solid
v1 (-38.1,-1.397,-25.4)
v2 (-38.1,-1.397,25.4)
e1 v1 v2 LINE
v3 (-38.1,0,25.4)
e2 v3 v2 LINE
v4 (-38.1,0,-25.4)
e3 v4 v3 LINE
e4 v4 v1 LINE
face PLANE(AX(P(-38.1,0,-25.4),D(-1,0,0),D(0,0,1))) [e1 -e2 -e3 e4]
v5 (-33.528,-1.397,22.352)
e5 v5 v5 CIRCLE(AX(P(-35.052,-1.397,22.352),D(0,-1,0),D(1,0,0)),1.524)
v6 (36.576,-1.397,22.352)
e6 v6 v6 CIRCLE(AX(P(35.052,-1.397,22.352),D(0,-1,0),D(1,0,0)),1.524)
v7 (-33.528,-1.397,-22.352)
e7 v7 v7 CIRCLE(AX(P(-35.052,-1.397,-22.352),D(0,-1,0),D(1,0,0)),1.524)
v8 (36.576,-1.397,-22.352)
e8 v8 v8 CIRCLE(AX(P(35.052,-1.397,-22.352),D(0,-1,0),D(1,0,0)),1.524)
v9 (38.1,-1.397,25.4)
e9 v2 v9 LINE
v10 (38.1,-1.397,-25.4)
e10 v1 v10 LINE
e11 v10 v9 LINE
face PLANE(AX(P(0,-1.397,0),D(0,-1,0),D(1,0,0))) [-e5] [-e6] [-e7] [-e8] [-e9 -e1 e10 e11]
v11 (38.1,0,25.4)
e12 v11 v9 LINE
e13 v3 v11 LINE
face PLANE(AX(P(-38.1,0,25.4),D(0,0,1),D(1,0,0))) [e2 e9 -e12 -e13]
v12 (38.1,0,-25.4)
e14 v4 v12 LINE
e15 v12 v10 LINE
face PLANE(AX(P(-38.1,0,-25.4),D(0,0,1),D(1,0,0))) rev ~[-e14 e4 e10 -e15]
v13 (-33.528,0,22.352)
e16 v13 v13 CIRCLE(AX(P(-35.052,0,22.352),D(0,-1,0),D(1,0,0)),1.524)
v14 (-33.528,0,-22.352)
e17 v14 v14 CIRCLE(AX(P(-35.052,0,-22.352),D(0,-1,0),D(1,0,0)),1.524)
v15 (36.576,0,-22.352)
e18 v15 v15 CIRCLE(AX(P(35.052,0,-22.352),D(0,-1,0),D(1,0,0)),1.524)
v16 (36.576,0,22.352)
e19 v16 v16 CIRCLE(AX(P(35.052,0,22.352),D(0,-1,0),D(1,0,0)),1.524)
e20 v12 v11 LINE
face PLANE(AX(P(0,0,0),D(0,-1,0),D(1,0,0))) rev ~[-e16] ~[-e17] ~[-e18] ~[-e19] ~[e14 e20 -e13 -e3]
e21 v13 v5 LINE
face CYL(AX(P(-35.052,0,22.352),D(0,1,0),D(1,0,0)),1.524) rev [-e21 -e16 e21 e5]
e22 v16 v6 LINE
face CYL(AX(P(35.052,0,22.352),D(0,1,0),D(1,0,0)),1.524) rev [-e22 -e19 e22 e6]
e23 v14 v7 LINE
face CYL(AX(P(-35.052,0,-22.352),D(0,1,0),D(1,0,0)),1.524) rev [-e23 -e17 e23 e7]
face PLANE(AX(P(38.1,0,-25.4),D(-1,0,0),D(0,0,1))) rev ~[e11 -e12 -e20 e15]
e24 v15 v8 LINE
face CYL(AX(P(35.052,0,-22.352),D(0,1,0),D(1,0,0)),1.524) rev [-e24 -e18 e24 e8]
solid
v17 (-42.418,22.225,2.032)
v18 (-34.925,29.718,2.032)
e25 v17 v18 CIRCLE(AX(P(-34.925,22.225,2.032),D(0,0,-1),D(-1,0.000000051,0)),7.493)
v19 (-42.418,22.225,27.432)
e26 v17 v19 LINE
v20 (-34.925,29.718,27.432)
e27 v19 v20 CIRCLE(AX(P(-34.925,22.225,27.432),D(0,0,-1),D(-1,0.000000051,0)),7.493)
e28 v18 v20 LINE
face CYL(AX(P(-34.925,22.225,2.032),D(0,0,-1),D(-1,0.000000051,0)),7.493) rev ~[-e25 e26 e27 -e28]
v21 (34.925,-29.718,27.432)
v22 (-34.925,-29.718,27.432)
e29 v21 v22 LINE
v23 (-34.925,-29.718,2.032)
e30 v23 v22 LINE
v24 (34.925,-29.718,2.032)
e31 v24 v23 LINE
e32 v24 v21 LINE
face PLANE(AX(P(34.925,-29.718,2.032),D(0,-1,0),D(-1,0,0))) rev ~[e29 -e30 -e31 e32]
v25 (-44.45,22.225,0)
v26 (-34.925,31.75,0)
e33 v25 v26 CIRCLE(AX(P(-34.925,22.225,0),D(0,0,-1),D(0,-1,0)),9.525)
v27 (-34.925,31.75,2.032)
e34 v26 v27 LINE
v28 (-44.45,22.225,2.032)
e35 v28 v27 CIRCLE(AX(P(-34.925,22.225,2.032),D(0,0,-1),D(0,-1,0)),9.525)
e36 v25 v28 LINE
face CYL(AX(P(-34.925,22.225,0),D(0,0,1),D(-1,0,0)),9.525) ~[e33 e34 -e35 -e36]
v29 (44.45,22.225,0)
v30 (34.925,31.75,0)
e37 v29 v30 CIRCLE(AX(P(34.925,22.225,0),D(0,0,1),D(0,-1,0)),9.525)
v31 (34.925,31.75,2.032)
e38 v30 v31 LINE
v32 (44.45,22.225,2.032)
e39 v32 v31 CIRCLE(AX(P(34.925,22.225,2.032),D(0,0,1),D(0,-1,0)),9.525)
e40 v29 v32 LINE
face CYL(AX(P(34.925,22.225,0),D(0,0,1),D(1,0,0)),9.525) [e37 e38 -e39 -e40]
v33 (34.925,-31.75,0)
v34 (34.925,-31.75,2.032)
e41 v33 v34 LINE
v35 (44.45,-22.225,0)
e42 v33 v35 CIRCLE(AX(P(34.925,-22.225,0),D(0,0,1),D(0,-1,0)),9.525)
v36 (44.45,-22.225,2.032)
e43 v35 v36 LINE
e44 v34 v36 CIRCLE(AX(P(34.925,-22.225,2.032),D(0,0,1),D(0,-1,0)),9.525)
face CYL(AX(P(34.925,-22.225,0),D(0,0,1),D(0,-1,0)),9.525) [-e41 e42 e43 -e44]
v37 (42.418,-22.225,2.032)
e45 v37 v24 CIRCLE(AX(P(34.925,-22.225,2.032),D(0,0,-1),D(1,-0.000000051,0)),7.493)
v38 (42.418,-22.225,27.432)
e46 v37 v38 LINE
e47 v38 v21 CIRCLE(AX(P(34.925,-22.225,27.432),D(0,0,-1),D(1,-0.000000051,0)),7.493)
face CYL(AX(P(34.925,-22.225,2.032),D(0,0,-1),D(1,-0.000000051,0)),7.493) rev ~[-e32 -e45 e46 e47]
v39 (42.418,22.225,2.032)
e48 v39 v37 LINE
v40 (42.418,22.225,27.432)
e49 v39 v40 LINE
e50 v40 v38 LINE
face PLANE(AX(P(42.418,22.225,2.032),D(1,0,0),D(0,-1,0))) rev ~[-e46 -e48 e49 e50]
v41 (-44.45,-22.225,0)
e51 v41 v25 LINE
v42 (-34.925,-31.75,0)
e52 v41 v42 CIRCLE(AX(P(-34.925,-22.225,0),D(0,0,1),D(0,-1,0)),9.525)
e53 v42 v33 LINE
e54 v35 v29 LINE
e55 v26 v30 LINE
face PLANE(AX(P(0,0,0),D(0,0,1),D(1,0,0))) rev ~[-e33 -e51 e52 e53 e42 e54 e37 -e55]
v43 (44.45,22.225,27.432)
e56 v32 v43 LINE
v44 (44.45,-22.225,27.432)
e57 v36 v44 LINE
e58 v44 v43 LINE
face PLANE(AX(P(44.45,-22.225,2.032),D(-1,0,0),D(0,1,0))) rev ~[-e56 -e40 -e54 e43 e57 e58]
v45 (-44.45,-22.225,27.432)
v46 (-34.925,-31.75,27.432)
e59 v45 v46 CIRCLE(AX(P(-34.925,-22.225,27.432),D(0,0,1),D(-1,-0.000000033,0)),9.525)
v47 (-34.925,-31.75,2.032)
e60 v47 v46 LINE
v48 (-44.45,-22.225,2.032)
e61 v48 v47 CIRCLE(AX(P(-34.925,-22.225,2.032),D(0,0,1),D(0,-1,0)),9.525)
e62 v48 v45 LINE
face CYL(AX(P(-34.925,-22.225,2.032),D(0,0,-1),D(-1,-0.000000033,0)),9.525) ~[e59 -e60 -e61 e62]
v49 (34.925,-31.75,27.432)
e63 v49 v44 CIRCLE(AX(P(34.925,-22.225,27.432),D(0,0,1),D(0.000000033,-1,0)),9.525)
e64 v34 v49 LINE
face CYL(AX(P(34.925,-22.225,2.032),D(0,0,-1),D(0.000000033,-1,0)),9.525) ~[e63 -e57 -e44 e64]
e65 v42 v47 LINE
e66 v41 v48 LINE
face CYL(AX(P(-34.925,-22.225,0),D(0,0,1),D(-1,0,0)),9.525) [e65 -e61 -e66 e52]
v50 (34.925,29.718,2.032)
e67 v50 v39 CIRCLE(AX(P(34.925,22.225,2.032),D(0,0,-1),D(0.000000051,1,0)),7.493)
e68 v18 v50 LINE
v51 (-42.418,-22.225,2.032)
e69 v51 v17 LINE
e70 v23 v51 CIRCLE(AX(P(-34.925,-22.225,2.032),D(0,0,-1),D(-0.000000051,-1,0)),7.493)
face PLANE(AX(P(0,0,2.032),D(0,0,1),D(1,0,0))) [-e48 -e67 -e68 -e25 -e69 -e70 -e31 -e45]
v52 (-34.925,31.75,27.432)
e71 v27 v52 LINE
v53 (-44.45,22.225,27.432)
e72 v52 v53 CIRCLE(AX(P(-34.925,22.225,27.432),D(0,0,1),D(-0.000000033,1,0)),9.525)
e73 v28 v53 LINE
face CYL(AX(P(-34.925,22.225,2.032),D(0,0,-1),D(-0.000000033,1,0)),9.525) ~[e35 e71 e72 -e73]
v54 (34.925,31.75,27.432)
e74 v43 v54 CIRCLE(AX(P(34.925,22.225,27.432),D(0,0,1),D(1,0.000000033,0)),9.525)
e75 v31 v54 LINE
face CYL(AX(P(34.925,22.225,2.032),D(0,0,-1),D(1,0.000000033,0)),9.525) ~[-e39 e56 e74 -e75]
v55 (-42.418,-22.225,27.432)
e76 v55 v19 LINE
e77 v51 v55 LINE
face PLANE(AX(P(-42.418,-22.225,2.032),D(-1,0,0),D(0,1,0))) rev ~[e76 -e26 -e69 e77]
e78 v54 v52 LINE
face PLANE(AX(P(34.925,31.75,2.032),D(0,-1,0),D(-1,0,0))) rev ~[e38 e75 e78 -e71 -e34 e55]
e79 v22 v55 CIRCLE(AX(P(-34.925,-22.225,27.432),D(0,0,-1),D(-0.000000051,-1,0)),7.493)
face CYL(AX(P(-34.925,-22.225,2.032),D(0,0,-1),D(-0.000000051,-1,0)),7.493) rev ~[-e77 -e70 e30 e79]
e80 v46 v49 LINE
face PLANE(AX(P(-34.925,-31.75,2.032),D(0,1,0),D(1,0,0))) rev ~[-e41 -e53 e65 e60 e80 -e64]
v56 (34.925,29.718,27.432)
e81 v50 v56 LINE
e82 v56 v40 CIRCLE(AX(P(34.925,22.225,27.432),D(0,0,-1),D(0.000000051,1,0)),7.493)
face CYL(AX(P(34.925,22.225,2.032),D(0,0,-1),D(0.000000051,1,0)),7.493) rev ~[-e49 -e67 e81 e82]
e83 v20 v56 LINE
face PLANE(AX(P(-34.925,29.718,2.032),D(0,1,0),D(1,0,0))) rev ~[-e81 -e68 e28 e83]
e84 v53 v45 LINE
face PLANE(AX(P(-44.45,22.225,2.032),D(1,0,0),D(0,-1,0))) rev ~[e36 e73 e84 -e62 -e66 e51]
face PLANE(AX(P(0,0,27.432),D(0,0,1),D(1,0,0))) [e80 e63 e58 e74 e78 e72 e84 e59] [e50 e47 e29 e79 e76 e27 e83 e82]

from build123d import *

# Parameters (mm, degrees)
F0_W     = 76.2
F0_H     = 50.8
F0_R     = 1.524
F1_DEPTH = 1.397
F2_W     = 88.9
F2_H     = 63.5
F3_DEPTH = 2.032
F4_R     = 9.525
F6_DEPTH = 25.4


with BuildPart() as f1:
    # F0 (on Front) → F1 (new body)
    with BuildSketch(Plane.XZ):
        Rectangle(F0_W, F0_H)
        with Locations((-35.052, -22.352)):
            Circle(F0_R, mode=Mode.SUBTRACT)
        with Locations((35.052, -22.352)):
            Circle(F0_R, mode=Mode.SUBTRACT)
        with Locations((-35.052, 22.352)):
            Circle(F0_R, mode=Mode.SUBTRACT)
        with Locations((35.052, 22.352)):
            Circle(F0_R, mode=Mode.SUBTRACT)
    extrude(amount=F1_DEPTH)


with BuildPart() as f3:
    # F2 (on Top) → F3 (new body)
    with BuildSketch(Plane.XY):
        Rectangle(F2_W, F2_H)
    extrude(amount=F3_DEPTH)

    # F4
    f4_edges = [f3.edges().sort_by_distance(p)[0] for p in [
        (-44.45, -31.75, 1.016),
        (44.45, -31.75, 1.016),
        (-44.45, 31.75, 1.016),
        (44.45, 31.75, 1.016),
    ]]
    fillet(f4_edges, radius=F4_R)

    # F5 (on face) → F6 (join)
    with BuildSketch(Plane.XY.offset(2.032)):
        with BuildLine():
            Line((34.925, 31.75), (-34.925, 31.75))
            ThreePointArc((-34.925, 31.75), (-41.660192, 28.960192), (-44.45, 22.225))
            Line((-44.45, 22.225), (-44.45, -22.225))
            ThreePointArc((-44.45, -22.225), (-41.660192, -28.960192), (-34.925, -31.75))
            Line((-34.925, -31.75), (34.925, -31.75))
            ThreePointArc((34.925, -31.75), (41.660192, -28.960192), (44.45, -22.225))
            Line((44.45, -22.225), (44.45, 22.225))
            ThreePointArc((44.45, 22.225), (41.660192, 28.960192), (34.925, 31.75))
        make_face()
        with BuildLine():
            ThreePointArc((-42.418, 22.225), (-40.223351, 27.523351), (-34.925, 29.718))
            Line((-34.925, 29.718), (34.925, 29.718))
            ThreePointArc((34.925, 29.718), (40.223351, 27.523351), (42.418, 22.225))
            Line((42.418, 22.225), (42.418, -22.225))
            ThreePointArc((42.418, -22.225), (40.223351, -27.523351), (34.925, -29.718))
            Line((34.925, -29.718), (-34.925, -29.718))
            ThreePointArc((-34.925, -29.718), (-40.223351, -27.523351), (-42.418, -22.225))
            Line((-42.418, -22.225), (-42.418, 22.225))
        make_face(mode=Mode.SUBTRACT)
    extrude(amount=F6_DEPTH)


solid = Compound([f1.part, f3.part])
